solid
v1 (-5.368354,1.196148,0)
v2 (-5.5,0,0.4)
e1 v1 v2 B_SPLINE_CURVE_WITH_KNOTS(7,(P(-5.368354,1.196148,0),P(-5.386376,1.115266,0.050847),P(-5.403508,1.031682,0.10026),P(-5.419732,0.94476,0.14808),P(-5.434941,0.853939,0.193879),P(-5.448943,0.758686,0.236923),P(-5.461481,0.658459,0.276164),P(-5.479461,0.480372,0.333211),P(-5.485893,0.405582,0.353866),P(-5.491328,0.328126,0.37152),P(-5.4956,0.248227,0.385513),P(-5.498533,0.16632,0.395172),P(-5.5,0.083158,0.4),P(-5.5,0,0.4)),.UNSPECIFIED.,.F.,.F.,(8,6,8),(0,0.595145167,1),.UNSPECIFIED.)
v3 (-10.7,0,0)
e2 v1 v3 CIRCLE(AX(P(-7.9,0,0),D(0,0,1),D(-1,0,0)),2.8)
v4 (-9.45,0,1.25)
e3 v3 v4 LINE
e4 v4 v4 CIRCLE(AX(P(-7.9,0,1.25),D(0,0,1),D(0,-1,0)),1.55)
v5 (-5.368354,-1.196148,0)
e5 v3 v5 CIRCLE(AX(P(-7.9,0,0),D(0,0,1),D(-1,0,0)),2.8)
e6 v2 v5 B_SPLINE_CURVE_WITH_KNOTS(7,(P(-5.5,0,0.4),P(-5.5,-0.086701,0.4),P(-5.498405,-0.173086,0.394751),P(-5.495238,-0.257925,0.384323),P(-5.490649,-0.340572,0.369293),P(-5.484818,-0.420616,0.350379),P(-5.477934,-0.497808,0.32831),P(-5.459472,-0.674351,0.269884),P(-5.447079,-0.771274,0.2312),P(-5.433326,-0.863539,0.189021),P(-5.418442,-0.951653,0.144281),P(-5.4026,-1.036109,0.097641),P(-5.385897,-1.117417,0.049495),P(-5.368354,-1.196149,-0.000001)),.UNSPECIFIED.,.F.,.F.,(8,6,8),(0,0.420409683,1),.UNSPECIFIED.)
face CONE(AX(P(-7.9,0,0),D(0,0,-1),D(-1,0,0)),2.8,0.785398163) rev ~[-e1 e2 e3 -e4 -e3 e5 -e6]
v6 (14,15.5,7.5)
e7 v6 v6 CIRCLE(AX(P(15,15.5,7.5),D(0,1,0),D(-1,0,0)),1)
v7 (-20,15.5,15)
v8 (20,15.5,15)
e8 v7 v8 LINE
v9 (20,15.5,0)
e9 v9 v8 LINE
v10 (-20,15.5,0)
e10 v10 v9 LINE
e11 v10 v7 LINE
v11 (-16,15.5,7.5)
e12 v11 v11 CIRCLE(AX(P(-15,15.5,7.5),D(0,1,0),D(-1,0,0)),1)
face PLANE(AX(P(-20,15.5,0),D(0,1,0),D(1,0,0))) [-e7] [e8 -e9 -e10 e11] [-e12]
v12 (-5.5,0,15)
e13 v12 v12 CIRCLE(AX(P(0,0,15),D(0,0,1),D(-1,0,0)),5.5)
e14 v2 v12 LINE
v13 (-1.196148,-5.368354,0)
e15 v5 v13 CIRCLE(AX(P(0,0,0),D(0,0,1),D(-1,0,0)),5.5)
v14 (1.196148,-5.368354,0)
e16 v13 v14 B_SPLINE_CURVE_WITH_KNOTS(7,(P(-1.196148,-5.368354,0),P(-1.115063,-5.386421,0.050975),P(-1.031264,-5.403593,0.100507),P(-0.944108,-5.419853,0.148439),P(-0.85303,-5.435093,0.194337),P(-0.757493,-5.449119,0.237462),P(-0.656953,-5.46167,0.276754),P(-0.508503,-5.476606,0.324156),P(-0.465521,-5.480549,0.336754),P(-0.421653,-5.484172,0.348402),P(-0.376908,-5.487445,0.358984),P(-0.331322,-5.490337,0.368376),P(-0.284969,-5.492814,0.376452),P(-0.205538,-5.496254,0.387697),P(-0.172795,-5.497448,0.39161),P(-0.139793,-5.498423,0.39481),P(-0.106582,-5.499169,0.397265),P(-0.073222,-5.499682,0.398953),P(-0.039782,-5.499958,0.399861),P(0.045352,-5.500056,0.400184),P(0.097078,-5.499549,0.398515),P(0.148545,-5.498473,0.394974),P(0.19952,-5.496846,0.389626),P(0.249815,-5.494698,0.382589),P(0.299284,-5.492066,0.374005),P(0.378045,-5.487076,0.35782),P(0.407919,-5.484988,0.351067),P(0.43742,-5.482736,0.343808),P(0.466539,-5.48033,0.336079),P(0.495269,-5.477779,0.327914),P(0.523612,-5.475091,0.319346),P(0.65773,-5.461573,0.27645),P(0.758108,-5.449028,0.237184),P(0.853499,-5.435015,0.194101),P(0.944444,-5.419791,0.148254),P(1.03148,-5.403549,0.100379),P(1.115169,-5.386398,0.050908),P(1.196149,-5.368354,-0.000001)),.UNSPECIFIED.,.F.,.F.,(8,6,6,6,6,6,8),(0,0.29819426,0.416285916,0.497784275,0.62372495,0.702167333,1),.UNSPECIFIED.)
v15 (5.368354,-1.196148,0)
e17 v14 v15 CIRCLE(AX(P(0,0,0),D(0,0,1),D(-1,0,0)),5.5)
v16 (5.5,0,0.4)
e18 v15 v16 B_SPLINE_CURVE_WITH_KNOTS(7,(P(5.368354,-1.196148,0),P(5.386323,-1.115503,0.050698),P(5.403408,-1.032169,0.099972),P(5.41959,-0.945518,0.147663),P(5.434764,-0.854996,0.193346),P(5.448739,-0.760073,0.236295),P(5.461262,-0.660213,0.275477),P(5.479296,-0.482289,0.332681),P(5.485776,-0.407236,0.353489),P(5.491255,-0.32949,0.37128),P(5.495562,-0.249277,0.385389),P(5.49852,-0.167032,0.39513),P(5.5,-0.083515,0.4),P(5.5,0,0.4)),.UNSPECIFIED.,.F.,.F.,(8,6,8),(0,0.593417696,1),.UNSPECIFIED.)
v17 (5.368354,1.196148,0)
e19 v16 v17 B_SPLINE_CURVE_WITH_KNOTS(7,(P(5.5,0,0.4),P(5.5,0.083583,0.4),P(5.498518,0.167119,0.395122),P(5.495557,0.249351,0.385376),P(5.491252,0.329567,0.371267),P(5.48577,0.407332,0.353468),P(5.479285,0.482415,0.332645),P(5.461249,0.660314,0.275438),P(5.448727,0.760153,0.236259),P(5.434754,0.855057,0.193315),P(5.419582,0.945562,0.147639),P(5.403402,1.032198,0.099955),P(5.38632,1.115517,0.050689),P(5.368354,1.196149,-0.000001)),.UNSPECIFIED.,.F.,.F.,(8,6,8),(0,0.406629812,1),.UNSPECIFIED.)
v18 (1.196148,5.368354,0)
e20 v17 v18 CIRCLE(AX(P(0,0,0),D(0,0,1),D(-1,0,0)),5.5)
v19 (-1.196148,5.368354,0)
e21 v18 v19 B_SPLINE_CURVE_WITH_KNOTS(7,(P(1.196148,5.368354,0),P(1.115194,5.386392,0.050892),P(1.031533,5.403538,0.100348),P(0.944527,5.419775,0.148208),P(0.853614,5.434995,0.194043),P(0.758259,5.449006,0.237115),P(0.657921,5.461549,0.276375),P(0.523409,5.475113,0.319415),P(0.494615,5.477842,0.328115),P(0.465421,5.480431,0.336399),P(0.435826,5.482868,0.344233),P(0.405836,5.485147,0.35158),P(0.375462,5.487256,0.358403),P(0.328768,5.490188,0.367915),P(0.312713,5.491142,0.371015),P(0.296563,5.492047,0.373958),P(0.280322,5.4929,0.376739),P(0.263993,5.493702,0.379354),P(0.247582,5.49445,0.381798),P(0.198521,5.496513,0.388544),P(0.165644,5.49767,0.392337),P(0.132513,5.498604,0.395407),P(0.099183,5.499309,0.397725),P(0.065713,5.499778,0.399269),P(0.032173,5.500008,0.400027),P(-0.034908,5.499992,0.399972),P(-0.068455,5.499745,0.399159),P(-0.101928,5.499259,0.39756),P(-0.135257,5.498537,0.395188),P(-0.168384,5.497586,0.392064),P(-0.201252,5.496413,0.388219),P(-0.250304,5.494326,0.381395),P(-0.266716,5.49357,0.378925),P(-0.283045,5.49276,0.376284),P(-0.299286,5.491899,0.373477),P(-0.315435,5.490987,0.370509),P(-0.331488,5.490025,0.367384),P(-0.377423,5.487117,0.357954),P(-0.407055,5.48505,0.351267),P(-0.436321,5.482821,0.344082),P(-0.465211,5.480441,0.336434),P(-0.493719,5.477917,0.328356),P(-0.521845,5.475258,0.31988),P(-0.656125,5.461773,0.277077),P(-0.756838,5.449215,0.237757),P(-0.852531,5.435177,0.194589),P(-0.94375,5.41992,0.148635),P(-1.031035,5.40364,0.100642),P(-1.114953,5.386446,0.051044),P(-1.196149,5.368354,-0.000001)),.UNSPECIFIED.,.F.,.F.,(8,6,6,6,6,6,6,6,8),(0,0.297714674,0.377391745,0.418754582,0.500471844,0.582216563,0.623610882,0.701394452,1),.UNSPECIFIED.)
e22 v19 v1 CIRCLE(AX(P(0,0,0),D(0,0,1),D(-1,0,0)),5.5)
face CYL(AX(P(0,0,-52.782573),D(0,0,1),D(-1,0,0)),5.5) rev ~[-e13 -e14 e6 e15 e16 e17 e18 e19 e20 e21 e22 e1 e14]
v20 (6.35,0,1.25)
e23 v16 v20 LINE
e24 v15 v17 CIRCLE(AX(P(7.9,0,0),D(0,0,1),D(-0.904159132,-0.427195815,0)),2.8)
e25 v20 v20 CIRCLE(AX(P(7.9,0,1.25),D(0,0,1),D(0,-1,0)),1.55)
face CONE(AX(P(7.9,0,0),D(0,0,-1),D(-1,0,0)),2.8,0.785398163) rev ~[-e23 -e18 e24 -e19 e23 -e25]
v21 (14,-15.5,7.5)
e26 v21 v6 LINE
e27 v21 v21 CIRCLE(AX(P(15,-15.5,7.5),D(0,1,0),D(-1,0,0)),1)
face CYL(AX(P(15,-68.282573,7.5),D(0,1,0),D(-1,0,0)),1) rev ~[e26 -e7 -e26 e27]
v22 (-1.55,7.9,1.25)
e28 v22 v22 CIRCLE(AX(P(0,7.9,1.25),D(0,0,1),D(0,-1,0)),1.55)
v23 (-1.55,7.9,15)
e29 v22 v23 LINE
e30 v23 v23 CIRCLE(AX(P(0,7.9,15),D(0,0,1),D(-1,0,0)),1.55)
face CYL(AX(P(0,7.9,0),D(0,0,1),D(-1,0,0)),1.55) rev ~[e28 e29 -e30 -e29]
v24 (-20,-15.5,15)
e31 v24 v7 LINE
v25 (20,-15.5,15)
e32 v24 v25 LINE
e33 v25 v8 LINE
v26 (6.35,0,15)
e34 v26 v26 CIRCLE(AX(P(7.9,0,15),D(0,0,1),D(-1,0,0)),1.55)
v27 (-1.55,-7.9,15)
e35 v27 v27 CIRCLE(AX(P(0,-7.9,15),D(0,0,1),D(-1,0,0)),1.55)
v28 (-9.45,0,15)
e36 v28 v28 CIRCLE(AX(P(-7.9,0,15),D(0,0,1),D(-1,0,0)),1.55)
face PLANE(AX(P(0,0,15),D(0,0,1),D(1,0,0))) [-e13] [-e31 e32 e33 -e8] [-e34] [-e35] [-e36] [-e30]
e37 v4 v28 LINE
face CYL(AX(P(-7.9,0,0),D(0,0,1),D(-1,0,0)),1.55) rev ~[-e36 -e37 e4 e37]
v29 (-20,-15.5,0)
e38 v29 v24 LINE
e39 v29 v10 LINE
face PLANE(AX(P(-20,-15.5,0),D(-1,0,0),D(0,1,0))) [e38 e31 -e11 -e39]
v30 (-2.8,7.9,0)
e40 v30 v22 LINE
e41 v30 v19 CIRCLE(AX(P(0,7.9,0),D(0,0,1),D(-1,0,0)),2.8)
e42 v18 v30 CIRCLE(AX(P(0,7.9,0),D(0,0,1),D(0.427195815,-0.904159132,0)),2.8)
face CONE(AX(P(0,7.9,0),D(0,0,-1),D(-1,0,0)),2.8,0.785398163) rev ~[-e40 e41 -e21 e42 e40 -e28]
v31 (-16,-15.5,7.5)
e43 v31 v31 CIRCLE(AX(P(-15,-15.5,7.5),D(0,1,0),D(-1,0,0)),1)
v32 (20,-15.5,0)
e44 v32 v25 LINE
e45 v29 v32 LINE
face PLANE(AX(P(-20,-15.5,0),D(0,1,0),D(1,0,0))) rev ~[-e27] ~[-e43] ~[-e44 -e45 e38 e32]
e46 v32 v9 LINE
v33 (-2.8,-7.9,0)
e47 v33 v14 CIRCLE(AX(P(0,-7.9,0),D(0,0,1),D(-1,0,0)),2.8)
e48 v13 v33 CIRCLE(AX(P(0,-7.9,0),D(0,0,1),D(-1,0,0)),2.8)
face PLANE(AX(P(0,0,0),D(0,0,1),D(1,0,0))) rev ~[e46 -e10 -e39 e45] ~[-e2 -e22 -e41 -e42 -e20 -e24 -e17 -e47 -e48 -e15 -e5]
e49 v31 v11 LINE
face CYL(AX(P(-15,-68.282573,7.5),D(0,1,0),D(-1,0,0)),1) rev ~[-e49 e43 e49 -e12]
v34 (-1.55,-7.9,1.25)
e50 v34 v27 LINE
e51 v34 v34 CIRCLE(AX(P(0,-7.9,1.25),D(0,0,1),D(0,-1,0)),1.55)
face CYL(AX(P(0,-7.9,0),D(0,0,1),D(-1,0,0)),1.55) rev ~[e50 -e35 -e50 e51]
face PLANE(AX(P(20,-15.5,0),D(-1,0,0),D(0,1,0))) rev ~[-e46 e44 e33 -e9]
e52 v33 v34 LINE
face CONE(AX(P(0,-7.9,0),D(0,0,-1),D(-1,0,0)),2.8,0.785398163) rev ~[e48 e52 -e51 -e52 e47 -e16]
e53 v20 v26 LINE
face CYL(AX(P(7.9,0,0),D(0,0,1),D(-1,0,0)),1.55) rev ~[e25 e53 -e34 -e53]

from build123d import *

# Parameters (mm, degrees)
F0_W           = 40
F0_H           = 31
F1_DEPTH       = 15
F2_D           = 11
F3_D           = 3.1
F3_CSINK_D     = 5.6
F3_CSINK_ANGLE = 90
F5_D           = 2


with BuildPart() as f1:
    # F0 (on Top) → F1 (new body)
    with BuildSketch(Plane.XY):
        Rectangle(F0_W, F0_H)
    extrude(amount=F1_DEPTH)

    # F2 (through all)
    with Locations(Plane(origin=(0, 0, 0), x_dir=(1, 0, 0), z_dir=(0, 0, -1))):
        with Locations((0, 0)):
            Hole(F2_D / 2)

    # F3 (through all)
    with Locations(Plane(origin=(0, 0, 0), x_dir=(1, 0, 0), z_dir=(0, 0, -1))):
        with Locations((7.9, 0), (0, 7.9), (-7.9, 0), (0, -7.9)):
            CounterSinkHole(F3_D / 2, F3_CSINK_D / 2, counter_sink_angle=F3_CSINK_ANGLE)

    # F5 (through all)
    with Locations(Plane.XZ.offset(15.5)):
        with Locations((-15, 7.5), (15, 7.5)):
            Hole(F5_D / 2)


solid = f1.part
